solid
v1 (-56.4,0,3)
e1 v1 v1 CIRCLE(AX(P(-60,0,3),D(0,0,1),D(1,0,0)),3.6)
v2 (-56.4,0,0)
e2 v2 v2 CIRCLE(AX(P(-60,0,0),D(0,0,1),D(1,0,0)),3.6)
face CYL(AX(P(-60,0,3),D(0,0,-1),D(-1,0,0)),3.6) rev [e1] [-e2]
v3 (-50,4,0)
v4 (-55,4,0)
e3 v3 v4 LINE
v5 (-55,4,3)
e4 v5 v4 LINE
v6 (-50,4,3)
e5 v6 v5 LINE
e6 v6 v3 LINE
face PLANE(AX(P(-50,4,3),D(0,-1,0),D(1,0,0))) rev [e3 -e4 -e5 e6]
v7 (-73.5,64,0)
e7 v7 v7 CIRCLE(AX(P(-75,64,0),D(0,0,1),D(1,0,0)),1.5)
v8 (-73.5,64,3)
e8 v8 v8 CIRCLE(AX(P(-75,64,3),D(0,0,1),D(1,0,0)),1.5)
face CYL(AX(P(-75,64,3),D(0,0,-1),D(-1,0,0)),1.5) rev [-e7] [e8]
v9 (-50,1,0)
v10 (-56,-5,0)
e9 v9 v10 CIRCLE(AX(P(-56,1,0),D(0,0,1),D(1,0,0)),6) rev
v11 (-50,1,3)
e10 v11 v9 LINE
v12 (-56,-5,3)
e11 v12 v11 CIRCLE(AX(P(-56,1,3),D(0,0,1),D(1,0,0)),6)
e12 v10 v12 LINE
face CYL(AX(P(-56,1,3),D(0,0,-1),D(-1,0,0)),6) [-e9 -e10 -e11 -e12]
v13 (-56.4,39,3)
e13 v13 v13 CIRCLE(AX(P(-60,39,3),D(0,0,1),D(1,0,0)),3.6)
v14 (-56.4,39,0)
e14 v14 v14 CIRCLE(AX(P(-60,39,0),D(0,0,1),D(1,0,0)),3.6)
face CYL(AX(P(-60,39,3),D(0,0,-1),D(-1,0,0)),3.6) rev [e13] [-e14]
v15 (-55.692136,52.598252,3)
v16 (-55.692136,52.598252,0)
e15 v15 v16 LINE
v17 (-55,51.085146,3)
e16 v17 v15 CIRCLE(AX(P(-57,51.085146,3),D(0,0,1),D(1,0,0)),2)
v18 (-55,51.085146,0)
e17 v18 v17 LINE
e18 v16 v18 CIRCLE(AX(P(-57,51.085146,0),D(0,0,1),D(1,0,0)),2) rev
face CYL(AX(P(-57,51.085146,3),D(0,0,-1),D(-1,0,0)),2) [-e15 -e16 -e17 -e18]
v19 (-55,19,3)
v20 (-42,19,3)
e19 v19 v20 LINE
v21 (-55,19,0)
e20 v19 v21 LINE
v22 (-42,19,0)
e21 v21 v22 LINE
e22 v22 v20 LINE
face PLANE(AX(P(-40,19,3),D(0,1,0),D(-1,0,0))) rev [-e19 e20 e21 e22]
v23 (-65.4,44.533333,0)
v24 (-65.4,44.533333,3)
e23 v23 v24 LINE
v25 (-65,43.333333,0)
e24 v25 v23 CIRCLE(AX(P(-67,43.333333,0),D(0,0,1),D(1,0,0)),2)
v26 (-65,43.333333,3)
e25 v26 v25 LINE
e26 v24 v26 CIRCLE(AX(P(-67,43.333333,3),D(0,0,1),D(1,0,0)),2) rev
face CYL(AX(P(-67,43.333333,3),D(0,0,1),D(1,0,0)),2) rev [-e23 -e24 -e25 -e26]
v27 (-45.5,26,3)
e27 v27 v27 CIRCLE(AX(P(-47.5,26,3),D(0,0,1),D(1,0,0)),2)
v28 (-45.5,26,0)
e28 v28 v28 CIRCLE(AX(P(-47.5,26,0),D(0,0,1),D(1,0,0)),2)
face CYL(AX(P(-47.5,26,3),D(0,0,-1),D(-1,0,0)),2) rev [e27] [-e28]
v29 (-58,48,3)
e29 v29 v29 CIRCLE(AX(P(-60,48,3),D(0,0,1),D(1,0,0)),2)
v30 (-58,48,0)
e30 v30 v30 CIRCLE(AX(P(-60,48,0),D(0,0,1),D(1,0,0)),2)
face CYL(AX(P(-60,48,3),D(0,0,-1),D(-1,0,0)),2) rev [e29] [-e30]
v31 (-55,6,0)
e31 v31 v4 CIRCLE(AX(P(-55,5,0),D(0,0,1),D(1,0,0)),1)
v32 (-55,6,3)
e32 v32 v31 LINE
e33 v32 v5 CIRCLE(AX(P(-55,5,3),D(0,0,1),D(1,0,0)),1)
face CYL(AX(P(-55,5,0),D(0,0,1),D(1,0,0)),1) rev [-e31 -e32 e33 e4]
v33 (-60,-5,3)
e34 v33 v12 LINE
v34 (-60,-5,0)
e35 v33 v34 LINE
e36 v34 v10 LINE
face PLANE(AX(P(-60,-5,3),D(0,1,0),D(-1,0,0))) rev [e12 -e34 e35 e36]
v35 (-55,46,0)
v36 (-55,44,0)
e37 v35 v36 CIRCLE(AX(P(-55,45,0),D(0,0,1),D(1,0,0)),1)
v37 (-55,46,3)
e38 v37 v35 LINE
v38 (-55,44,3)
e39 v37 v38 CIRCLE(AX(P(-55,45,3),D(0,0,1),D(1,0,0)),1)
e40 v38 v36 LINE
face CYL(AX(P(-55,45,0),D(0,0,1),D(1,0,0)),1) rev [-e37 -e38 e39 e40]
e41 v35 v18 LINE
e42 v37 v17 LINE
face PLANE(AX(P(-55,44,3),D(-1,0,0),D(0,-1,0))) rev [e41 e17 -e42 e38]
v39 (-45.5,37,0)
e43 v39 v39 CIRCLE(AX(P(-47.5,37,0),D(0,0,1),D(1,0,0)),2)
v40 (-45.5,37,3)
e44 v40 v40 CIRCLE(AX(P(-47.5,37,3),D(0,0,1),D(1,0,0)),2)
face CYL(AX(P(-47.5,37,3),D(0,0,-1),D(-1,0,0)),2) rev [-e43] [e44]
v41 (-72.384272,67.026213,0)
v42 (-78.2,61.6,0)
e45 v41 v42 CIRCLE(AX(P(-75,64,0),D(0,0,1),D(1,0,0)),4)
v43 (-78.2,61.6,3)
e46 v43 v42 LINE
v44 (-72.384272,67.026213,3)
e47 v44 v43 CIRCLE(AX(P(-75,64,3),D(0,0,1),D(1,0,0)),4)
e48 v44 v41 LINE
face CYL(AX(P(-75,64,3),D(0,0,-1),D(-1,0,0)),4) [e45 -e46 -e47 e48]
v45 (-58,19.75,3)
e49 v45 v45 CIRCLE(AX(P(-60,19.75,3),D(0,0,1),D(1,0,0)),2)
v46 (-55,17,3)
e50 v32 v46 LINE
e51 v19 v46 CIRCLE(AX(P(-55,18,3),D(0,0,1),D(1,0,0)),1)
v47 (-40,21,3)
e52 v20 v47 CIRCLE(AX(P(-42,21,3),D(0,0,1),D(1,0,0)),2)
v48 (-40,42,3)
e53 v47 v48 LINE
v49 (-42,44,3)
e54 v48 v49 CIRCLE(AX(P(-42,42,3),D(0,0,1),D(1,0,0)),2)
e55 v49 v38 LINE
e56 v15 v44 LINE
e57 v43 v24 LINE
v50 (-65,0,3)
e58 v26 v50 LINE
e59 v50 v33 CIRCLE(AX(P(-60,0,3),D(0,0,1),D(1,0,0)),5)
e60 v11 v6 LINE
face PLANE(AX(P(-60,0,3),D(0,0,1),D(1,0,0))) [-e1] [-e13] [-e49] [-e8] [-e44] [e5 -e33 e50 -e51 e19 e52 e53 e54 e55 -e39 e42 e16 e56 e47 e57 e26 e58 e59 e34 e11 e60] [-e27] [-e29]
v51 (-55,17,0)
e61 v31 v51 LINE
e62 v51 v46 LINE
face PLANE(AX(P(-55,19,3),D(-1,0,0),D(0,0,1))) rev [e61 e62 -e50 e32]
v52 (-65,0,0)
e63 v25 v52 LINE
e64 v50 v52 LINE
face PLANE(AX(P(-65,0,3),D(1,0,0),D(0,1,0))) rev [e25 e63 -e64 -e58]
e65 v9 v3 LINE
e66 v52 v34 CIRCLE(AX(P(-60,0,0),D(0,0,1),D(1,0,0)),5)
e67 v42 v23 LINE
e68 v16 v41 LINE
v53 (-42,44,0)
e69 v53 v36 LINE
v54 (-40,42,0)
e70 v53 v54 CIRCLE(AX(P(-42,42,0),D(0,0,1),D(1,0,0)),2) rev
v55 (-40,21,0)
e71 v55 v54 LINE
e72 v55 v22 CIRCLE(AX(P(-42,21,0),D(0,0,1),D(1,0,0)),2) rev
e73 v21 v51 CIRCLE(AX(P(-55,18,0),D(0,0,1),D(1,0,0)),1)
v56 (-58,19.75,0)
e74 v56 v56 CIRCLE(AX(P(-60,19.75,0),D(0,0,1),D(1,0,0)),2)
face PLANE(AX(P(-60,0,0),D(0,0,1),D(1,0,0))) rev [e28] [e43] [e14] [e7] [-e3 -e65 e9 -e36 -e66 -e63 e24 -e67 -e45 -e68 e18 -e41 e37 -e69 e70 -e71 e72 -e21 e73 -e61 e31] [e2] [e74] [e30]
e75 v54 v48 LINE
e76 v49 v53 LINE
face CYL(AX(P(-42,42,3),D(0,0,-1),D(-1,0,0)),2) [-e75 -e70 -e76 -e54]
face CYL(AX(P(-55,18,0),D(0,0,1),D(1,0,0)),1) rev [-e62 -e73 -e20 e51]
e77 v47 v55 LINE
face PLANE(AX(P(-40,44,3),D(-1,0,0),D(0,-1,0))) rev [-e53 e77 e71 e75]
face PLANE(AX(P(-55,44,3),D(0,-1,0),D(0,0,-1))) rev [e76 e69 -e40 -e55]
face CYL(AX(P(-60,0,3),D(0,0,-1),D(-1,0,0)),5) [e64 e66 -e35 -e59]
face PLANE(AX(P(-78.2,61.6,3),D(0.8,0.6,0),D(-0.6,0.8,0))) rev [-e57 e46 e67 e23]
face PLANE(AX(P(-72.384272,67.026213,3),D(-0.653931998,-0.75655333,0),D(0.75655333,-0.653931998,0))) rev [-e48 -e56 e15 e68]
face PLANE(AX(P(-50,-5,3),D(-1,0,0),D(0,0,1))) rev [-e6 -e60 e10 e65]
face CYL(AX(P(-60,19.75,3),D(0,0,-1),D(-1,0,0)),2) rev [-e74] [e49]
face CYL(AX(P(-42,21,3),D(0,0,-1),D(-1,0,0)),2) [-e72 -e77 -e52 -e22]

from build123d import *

# Parameters (mm, degrees)
SKETCH_2_R          = 3.6
SKETCH_2_R_2        = 1.5
SKETCH_2_R_3        = 2
EXTRUDE_1_DEPTH     = 3
SKETCH_8_R          = 1
CUT_EXTRUDE_1_DEPTH = 105.27847333
FILLET_1_R          = 2
FILLET_2_R          = 6


with BuildPart() as part:
    # 草图2 → 凸台-拉伸1 (new body)
    with BuildSketch(Plane.XY):
        with BuildLine():
            Line((-65, 0), (-65, 44))
            Line((-65, 44), (-78.2, 61.6))
            ThreePointArc((-78.2, 61.6), (-77.728789328, 66.924672427), (-72.384272007, 67.026213321))
            Line((-72.384272007, 67.026213321), (-55, 52))
            Line((-55, 52), (-55, 44))
            Line((-55, 44), (-40, 44))
            Line((-40, 44), (-40, 19))
            Line((-40, 19), (-55, 19))
            Line((-55, 19), (-55, 4))
            Line((-55, 4), (-50, 4))
            Line((-50, 4), (-50, -5))
            Line((-50, -5), (-60, -5))
            ThreePointArc((-60, -5), (-63.535533906, -3.535533906), (-65, 0))
        make_face()
        with Locations((-60, 39)):
            Circle(SKETCH_2_R, mode=Mode.SUBTRACT)
        with Locations((-60, 0)):
            Circle(SKETCH_2_R, mode=Mode.SUBTRACT)
        with Locations((-75, 64)):
            Circle(SKETCH_2_R_2, mode=Mode.SUBTRACT)
        with Locations((-60, 19.75)):
            Circle(SKETCH_2_R_3, mode=Mode.SUBTRACT)
        with Locations((-60, 48)):
            Circle(SKETCH_2_R_3, mode=Mode.SUBTRACT)
        with Locations((-47.5, 37)):
            Circle(SKETCH_2_R_3, mode=Mode.SUBTRACT)
        with Locations((-47.5, 26)):
            Circle(SKETCH_2_R_3, mode=Mode.SUBTRACT)
    extrude(amount=EXTRUDE_1_DEPTH)

    # 草图8 → 切除-拉伸1 (cut, through all)
    with BuildSketch(Plane.XY.offset(3)):
        with Locations((-55, 45)):
            Circle(SKETCH_8_R)
        with Locations((-55, 18)):
            Circle(SKETCH_8_R)
        with Locations((-55, 5)):
            Circle(SKETCH_8_R)
    extrude(amount=-CUT_EXTRUDE_1_DEPTH, mode=Mode.SUBTRACT)

    # 圆角1
    fillet_1_edges = [part.edges().sort_by_distance(p)[0] for p in [
        (-55, 52, 1.5),
        (-40, 44, 1.5),
        (-40, 19, 1.5),
        (-65, 44, 1.5),
    ]]
    fillet(fillet_1_edges, radius=FILLET_1_R)

    # 圆角2
    fillet_2_edges = [part.edges().sort_by_distance(p)[0] for p in [
        (-50, -5, 1.5),
    ]]
    fillet(fillet_2_edges, radius=FILLET_2_R)


solid = part.part
